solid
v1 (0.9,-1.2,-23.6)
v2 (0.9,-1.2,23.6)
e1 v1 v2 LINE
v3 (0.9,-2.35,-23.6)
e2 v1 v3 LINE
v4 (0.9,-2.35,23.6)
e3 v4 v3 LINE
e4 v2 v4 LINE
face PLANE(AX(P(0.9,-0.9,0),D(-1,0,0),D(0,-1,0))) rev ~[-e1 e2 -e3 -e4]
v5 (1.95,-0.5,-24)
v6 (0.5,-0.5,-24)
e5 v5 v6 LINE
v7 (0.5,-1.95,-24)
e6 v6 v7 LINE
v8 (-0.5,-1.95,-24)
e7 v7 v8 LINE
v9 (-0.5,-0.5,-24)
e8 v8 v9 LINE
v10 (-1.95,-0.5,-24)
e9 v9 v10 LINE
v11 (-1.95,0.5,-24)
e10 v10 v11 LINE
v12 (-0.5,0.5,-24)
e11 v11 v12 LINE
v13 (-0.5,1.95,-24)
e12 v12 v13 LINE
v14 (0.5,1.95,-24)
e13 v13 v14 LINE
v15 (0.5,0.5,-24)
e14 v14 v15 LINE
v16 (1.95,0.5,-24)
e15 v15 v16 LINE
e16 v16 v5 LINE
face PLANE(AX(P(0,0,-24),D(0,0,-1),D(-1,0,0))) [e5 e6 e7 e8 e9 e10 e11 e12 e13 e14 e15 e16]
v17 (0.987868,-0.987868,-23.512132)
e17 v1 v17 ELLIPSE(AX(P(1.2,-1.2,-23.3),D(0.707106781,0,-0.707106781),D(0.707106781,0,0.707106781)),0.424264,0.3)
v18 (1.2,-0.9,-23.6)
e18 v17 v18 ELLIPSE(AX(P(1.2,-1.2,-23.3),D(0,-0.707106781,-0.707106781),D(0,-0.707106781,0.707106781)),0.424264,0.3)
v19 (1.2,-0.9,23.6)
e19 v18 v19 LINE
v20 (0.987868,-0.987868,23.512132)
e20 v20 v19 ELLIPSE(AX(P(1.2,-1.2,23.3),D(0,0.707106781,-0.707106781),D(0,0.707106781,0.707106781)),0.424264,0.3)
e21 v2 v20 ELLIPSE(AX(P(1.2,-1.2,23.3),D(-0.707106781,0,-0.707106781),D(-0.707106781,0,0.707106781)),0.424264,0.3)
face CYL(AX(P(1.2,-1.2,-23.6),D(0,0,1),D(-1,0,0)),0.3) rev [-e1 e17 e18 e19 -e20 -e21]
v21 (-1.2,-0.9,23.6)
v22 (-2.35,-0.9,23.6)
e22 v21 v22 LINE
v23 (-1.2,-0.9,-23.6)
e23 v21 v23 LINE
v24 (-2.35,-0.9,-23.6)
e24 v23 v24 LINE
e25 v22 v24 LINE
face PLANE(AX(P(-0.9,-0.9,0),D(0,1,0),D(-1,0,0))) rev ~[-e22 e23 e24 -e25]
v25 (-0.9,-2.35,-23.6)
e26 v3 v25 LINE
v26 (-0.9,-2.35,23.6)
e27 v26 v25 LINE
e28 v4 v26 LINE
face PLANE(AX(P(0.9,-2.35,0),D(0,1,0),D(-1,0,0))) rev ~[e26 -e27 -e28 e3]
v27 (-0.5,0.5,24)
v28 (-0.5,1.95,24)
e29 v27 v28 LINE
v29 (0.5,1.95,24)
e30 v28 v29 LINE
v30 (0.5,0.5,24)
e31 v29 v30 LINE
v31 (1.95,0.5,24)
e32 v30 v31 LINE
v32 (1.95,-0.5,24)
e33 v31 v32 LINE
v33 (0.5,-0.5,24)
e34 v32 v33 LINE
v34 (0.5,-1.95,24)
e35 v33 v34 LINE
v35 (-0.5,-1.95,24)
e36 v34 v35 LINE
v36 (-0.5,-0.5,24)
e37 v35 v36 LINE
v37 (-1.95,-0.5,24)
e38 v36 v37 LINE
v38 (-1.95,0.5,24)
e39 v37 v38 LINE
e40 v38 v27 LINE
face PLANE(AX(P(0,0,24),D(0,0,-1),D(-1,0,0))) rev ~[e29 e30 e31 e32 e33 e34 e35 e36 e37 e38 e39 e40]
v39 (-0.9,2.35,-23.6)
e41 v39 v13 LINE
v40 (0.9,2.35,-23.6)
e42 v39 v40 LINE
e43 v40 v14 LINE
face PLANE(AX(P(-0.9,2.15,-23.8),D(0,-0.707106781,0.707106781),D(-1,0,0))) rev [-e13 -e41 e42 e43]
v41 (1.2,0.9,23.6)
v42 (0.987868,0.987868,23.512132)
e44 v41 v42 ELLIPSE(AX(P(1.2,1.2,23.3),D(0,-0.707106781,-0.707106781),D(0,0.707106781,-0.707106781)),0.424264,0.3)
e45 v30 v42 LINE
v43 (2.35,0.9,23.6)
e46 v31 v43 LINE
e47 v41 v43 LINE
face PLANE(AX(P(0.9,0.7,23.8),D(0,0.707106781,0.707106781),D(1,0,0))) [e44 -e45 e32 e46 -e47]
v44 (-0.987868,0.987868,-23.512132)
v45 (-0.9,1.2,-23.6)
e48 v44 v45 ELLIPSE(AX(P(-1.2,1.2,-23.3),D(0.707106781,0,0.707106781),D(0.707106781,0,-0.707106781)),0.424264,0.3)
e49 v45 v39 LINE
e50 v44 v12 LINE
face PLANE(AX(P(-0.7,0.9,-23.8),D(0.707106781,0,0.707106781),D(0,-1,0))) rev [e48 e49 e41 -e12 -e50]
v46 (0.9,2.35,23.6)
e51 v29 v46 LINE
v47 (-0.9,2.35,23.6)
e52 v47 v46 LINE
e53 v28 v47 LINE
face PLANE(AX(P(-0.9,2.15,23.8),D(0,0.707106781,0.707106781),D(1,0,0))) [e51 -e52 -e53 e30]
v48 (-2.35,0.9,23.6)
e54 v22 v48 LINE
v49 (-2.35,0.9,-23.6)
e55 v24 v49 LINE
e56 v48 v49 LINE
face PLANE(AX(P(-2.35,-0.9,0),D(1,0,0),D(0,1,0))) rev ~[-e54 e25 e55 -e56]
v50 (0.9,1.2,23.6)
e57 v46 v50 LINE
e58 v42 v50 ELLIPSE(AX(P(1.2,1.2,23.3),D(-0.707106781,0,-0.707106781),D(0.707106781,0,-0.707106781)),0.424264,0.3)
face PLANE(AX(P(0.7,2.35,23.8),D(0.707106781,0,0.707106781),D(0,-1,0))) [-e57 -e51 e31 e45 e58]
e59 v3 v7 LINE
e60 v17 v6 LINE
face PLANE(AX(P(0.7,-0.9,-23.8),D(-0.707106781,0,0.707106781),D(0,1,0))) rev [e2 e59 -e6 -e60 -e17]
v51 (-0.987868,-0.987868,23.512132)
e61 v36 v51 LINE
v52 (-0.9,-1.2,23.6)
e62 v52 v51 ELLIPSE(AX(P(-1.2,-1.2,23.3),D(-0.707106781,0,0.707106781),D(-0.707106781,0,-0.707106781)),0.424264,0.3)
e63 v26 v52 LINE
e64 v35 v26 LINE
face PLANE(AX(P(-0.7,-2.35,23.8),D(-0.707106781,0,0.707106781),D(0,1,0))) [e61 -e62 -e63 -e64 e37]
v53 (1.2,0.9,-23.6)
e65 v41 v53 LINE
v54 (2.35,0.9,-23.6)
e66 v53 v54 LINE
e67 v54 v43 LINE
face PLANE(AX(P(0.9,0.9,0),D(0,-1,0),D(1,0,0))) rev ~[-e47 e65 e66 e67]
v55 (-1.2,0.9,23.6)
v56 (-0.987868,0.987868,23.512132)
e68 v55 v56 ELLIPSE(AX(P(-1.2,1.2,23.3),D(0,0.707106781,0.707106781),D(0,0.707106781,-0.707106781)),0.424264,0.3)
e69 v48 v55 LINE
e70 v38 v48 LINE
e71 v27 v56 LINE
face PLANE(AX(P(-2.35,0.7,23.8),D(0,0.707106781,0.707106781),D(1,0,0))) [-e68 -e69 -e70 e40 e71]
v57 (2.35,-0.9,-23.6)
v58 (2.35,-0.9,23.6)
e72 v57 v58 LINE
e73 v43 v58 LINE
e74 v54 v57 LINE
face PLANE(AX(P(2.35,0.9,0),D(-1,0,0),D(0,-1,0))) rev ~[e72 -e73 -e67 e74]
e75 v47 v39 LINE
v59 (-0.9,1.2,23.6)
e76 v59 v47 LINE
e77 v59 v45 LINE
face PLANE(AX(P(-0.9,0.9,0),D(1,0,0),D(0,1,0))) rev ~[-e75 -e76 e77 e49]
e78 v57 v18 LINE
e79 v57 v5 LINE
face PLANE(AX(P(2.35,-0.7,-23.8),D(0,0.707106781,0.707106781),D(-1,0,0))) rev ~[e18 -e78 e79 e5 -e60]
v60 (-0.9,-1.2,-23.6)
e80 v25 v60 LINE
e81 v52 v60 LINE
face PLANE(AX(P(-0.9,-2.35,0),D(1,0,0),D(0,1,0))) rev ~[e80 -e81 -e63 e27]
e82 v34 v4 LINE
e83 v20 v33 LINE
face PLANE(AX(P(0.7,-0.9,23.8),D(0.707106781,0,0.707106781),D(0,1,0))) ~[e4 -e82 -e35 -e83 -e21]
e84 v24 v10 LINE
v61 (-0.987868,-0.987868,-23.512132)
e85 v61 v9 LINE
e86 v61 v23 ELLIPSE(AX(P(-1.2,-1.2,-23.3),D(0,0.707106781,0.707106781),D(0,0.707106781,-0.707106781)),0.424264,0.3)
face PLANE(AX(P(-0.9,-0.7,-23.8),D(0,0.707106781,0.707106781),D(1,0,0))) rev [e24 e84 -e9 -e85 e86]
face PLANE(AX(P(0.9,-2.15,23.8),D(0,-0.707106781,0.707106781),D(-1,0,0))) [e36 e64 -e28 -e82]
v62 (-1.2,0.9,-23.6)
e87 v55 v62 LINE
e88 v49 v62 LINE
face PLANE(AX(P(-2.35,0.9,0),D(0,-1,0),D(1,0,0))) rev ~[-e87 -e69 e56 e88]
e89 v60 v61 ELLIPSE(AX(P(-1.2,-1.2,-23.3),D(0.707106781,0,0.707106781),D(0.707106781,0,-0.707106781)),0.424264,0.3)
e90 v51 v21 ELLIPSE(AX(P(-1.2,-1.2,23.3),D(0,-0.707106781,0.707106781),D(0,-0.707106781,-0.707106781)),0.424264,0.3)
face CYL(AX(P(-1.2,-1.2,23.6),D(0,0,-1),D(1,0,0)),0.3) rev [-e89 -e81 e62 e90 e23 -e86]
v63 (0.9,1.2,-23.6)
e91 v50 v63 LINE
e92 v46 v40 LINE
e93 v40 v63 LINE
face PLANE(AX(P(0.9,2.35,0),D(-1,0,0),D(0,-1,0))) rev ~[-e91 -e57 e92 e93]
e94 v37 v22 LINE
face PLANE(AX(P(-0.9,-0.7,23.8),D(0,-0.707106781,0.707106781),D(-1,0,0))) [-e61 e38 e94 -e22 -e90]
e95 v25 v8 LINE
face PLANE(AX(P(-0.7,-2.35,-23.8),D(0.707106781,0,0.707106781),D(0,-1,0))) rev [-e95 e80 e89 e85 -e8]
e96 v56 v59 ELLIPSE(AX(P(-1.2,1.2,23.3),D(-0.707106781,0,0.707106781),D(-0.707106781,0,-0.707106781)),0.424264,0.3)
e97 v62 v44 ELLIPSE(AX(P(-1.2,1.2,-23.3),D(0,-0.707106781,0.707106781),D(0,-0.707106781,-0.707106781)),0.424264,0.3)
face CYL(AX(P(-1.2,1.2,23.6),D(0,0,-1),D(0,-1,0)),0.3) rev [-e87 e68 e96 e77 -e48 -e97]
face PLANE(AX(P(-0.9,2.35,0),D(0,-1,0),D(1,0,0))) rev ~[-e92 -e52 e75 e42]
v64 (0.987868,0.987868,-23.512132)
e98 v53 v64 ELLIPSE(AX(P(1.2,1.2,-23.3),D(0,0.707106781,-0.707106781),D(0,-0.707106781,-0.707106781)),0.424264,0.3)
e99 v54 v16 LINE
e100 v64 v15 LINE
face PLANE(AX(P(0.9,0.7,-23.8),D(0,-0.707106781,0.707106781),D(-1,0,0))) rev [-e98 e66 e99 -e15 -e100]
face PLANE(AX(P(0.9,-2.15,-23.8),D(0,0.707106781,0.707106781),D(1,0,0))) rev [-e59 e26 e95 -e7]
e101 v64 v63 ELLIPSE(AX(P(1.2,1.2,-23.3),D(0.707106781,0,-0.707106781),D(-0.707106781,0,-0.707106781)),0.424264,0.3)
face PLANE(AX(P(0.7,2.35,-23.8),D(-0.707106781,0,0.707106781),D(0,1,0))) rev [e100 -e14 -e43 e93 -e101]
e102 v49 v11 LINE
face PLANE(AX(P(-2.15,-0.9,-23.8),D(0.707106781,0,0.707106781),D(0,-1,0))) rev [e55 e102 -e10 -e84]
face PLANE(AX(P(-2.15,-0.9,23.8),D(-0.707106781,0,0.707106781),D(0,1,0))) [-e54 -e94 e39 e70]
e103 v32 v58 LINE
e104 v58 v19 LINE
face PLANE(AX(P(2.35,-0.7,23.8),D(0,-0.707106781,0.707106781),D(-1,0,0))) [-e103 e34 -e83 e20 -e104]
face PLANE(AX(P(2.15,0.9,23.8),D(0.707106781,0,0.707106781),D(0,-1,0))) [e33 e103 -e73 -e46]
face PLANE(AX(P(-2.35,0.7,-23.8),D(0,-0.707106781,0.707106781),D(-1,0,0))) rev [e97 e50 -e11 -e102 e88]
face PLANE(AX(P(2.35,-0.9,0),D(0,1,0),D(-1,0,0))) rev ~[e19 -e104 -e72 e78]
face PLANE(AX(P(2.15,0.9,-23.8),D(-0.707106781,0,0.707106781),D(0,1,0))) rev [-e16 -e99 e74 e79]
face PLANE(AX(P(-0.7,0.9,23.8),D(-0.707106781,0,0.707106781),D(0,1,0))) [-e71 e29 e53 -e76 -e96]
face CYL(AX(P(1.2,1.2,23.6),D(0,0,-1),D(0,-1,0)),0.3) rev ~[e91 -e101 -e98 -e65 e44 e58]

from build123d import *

# Parameters (mm, degrees)
BOSS_EXTRUDE1_DEPTH = 24
CHAMFER1_SIZE       = 0.4
FILLET1_R           = 0.3


with BuildPart() as part:
    # Sketch1 → Boss-Extrude1 (new, symmetric)
    with BuildSketch(Plane.XY):
        Polygon((0.9, -0.9), (0.9, -2.35), (-0.9, -2.35), (-0.9, -0.9), (-2.35, -0.9), (-2.35, 0.9), (-0.9, 0.9), (-0.9, 2.35), (0.9, 2.35), (0.9, 0.9), (2.35, 0.9), (2.35, -0.9), align=None)
    extrude(amount=BOSS_EXTRUDE1_DEPTH, both=True)

    # Chamfer1
    chamfer1_edges = [part.edges().sort_by_distance(p)[0] for p in [
        (0.9, -1.625, -24),
        (0, -2.35, -24),
        (1.625, 0.9, 24),
        (-0.9, -1.625, -24),
        (-1.625, -0.9, -24),
        (-2.35, 0, -24),
        (-1.625, 0.9, -24),
        (-0.9, 1.625, -24),
        (0, 2.35, -24),
        (0.9, 1.625, -24),
        (1.625, 0.9, -24),
        (2.35, 0, -24),
        (1.625, -0.9, -24),
        (0.9, 1.625, 24),
        (0, 2.35, 24),
        (-0.9, 1.625, 24),
        (-1.625, 0.9, 24),
        (-2.35, 0, 24),
        (-1.625, -0.9, 24),
        (-0.9, -1.625, 24),
        (0, -2.35, 24),
        (0.9, -1.625, 24),
        (1.625, -0.9, 24),
        (2.35, 0, 24),
    ]]
    chamfer(chamfer1_edges, length=CHAMFER1_SIZE)

    # Fillet1
    fillet1_edges = [part.edges().sort_by_distance(p)[0] for p in [
        (0.9, 0.9, 0),
        (-0.9, 0.9, 0),
        (-0.9, -0.9, 0),
        (0.9, -0.9, 0),
    ]]
    fillet(fillet1_edges, radius=FILLET1_R)


solid = part.part
